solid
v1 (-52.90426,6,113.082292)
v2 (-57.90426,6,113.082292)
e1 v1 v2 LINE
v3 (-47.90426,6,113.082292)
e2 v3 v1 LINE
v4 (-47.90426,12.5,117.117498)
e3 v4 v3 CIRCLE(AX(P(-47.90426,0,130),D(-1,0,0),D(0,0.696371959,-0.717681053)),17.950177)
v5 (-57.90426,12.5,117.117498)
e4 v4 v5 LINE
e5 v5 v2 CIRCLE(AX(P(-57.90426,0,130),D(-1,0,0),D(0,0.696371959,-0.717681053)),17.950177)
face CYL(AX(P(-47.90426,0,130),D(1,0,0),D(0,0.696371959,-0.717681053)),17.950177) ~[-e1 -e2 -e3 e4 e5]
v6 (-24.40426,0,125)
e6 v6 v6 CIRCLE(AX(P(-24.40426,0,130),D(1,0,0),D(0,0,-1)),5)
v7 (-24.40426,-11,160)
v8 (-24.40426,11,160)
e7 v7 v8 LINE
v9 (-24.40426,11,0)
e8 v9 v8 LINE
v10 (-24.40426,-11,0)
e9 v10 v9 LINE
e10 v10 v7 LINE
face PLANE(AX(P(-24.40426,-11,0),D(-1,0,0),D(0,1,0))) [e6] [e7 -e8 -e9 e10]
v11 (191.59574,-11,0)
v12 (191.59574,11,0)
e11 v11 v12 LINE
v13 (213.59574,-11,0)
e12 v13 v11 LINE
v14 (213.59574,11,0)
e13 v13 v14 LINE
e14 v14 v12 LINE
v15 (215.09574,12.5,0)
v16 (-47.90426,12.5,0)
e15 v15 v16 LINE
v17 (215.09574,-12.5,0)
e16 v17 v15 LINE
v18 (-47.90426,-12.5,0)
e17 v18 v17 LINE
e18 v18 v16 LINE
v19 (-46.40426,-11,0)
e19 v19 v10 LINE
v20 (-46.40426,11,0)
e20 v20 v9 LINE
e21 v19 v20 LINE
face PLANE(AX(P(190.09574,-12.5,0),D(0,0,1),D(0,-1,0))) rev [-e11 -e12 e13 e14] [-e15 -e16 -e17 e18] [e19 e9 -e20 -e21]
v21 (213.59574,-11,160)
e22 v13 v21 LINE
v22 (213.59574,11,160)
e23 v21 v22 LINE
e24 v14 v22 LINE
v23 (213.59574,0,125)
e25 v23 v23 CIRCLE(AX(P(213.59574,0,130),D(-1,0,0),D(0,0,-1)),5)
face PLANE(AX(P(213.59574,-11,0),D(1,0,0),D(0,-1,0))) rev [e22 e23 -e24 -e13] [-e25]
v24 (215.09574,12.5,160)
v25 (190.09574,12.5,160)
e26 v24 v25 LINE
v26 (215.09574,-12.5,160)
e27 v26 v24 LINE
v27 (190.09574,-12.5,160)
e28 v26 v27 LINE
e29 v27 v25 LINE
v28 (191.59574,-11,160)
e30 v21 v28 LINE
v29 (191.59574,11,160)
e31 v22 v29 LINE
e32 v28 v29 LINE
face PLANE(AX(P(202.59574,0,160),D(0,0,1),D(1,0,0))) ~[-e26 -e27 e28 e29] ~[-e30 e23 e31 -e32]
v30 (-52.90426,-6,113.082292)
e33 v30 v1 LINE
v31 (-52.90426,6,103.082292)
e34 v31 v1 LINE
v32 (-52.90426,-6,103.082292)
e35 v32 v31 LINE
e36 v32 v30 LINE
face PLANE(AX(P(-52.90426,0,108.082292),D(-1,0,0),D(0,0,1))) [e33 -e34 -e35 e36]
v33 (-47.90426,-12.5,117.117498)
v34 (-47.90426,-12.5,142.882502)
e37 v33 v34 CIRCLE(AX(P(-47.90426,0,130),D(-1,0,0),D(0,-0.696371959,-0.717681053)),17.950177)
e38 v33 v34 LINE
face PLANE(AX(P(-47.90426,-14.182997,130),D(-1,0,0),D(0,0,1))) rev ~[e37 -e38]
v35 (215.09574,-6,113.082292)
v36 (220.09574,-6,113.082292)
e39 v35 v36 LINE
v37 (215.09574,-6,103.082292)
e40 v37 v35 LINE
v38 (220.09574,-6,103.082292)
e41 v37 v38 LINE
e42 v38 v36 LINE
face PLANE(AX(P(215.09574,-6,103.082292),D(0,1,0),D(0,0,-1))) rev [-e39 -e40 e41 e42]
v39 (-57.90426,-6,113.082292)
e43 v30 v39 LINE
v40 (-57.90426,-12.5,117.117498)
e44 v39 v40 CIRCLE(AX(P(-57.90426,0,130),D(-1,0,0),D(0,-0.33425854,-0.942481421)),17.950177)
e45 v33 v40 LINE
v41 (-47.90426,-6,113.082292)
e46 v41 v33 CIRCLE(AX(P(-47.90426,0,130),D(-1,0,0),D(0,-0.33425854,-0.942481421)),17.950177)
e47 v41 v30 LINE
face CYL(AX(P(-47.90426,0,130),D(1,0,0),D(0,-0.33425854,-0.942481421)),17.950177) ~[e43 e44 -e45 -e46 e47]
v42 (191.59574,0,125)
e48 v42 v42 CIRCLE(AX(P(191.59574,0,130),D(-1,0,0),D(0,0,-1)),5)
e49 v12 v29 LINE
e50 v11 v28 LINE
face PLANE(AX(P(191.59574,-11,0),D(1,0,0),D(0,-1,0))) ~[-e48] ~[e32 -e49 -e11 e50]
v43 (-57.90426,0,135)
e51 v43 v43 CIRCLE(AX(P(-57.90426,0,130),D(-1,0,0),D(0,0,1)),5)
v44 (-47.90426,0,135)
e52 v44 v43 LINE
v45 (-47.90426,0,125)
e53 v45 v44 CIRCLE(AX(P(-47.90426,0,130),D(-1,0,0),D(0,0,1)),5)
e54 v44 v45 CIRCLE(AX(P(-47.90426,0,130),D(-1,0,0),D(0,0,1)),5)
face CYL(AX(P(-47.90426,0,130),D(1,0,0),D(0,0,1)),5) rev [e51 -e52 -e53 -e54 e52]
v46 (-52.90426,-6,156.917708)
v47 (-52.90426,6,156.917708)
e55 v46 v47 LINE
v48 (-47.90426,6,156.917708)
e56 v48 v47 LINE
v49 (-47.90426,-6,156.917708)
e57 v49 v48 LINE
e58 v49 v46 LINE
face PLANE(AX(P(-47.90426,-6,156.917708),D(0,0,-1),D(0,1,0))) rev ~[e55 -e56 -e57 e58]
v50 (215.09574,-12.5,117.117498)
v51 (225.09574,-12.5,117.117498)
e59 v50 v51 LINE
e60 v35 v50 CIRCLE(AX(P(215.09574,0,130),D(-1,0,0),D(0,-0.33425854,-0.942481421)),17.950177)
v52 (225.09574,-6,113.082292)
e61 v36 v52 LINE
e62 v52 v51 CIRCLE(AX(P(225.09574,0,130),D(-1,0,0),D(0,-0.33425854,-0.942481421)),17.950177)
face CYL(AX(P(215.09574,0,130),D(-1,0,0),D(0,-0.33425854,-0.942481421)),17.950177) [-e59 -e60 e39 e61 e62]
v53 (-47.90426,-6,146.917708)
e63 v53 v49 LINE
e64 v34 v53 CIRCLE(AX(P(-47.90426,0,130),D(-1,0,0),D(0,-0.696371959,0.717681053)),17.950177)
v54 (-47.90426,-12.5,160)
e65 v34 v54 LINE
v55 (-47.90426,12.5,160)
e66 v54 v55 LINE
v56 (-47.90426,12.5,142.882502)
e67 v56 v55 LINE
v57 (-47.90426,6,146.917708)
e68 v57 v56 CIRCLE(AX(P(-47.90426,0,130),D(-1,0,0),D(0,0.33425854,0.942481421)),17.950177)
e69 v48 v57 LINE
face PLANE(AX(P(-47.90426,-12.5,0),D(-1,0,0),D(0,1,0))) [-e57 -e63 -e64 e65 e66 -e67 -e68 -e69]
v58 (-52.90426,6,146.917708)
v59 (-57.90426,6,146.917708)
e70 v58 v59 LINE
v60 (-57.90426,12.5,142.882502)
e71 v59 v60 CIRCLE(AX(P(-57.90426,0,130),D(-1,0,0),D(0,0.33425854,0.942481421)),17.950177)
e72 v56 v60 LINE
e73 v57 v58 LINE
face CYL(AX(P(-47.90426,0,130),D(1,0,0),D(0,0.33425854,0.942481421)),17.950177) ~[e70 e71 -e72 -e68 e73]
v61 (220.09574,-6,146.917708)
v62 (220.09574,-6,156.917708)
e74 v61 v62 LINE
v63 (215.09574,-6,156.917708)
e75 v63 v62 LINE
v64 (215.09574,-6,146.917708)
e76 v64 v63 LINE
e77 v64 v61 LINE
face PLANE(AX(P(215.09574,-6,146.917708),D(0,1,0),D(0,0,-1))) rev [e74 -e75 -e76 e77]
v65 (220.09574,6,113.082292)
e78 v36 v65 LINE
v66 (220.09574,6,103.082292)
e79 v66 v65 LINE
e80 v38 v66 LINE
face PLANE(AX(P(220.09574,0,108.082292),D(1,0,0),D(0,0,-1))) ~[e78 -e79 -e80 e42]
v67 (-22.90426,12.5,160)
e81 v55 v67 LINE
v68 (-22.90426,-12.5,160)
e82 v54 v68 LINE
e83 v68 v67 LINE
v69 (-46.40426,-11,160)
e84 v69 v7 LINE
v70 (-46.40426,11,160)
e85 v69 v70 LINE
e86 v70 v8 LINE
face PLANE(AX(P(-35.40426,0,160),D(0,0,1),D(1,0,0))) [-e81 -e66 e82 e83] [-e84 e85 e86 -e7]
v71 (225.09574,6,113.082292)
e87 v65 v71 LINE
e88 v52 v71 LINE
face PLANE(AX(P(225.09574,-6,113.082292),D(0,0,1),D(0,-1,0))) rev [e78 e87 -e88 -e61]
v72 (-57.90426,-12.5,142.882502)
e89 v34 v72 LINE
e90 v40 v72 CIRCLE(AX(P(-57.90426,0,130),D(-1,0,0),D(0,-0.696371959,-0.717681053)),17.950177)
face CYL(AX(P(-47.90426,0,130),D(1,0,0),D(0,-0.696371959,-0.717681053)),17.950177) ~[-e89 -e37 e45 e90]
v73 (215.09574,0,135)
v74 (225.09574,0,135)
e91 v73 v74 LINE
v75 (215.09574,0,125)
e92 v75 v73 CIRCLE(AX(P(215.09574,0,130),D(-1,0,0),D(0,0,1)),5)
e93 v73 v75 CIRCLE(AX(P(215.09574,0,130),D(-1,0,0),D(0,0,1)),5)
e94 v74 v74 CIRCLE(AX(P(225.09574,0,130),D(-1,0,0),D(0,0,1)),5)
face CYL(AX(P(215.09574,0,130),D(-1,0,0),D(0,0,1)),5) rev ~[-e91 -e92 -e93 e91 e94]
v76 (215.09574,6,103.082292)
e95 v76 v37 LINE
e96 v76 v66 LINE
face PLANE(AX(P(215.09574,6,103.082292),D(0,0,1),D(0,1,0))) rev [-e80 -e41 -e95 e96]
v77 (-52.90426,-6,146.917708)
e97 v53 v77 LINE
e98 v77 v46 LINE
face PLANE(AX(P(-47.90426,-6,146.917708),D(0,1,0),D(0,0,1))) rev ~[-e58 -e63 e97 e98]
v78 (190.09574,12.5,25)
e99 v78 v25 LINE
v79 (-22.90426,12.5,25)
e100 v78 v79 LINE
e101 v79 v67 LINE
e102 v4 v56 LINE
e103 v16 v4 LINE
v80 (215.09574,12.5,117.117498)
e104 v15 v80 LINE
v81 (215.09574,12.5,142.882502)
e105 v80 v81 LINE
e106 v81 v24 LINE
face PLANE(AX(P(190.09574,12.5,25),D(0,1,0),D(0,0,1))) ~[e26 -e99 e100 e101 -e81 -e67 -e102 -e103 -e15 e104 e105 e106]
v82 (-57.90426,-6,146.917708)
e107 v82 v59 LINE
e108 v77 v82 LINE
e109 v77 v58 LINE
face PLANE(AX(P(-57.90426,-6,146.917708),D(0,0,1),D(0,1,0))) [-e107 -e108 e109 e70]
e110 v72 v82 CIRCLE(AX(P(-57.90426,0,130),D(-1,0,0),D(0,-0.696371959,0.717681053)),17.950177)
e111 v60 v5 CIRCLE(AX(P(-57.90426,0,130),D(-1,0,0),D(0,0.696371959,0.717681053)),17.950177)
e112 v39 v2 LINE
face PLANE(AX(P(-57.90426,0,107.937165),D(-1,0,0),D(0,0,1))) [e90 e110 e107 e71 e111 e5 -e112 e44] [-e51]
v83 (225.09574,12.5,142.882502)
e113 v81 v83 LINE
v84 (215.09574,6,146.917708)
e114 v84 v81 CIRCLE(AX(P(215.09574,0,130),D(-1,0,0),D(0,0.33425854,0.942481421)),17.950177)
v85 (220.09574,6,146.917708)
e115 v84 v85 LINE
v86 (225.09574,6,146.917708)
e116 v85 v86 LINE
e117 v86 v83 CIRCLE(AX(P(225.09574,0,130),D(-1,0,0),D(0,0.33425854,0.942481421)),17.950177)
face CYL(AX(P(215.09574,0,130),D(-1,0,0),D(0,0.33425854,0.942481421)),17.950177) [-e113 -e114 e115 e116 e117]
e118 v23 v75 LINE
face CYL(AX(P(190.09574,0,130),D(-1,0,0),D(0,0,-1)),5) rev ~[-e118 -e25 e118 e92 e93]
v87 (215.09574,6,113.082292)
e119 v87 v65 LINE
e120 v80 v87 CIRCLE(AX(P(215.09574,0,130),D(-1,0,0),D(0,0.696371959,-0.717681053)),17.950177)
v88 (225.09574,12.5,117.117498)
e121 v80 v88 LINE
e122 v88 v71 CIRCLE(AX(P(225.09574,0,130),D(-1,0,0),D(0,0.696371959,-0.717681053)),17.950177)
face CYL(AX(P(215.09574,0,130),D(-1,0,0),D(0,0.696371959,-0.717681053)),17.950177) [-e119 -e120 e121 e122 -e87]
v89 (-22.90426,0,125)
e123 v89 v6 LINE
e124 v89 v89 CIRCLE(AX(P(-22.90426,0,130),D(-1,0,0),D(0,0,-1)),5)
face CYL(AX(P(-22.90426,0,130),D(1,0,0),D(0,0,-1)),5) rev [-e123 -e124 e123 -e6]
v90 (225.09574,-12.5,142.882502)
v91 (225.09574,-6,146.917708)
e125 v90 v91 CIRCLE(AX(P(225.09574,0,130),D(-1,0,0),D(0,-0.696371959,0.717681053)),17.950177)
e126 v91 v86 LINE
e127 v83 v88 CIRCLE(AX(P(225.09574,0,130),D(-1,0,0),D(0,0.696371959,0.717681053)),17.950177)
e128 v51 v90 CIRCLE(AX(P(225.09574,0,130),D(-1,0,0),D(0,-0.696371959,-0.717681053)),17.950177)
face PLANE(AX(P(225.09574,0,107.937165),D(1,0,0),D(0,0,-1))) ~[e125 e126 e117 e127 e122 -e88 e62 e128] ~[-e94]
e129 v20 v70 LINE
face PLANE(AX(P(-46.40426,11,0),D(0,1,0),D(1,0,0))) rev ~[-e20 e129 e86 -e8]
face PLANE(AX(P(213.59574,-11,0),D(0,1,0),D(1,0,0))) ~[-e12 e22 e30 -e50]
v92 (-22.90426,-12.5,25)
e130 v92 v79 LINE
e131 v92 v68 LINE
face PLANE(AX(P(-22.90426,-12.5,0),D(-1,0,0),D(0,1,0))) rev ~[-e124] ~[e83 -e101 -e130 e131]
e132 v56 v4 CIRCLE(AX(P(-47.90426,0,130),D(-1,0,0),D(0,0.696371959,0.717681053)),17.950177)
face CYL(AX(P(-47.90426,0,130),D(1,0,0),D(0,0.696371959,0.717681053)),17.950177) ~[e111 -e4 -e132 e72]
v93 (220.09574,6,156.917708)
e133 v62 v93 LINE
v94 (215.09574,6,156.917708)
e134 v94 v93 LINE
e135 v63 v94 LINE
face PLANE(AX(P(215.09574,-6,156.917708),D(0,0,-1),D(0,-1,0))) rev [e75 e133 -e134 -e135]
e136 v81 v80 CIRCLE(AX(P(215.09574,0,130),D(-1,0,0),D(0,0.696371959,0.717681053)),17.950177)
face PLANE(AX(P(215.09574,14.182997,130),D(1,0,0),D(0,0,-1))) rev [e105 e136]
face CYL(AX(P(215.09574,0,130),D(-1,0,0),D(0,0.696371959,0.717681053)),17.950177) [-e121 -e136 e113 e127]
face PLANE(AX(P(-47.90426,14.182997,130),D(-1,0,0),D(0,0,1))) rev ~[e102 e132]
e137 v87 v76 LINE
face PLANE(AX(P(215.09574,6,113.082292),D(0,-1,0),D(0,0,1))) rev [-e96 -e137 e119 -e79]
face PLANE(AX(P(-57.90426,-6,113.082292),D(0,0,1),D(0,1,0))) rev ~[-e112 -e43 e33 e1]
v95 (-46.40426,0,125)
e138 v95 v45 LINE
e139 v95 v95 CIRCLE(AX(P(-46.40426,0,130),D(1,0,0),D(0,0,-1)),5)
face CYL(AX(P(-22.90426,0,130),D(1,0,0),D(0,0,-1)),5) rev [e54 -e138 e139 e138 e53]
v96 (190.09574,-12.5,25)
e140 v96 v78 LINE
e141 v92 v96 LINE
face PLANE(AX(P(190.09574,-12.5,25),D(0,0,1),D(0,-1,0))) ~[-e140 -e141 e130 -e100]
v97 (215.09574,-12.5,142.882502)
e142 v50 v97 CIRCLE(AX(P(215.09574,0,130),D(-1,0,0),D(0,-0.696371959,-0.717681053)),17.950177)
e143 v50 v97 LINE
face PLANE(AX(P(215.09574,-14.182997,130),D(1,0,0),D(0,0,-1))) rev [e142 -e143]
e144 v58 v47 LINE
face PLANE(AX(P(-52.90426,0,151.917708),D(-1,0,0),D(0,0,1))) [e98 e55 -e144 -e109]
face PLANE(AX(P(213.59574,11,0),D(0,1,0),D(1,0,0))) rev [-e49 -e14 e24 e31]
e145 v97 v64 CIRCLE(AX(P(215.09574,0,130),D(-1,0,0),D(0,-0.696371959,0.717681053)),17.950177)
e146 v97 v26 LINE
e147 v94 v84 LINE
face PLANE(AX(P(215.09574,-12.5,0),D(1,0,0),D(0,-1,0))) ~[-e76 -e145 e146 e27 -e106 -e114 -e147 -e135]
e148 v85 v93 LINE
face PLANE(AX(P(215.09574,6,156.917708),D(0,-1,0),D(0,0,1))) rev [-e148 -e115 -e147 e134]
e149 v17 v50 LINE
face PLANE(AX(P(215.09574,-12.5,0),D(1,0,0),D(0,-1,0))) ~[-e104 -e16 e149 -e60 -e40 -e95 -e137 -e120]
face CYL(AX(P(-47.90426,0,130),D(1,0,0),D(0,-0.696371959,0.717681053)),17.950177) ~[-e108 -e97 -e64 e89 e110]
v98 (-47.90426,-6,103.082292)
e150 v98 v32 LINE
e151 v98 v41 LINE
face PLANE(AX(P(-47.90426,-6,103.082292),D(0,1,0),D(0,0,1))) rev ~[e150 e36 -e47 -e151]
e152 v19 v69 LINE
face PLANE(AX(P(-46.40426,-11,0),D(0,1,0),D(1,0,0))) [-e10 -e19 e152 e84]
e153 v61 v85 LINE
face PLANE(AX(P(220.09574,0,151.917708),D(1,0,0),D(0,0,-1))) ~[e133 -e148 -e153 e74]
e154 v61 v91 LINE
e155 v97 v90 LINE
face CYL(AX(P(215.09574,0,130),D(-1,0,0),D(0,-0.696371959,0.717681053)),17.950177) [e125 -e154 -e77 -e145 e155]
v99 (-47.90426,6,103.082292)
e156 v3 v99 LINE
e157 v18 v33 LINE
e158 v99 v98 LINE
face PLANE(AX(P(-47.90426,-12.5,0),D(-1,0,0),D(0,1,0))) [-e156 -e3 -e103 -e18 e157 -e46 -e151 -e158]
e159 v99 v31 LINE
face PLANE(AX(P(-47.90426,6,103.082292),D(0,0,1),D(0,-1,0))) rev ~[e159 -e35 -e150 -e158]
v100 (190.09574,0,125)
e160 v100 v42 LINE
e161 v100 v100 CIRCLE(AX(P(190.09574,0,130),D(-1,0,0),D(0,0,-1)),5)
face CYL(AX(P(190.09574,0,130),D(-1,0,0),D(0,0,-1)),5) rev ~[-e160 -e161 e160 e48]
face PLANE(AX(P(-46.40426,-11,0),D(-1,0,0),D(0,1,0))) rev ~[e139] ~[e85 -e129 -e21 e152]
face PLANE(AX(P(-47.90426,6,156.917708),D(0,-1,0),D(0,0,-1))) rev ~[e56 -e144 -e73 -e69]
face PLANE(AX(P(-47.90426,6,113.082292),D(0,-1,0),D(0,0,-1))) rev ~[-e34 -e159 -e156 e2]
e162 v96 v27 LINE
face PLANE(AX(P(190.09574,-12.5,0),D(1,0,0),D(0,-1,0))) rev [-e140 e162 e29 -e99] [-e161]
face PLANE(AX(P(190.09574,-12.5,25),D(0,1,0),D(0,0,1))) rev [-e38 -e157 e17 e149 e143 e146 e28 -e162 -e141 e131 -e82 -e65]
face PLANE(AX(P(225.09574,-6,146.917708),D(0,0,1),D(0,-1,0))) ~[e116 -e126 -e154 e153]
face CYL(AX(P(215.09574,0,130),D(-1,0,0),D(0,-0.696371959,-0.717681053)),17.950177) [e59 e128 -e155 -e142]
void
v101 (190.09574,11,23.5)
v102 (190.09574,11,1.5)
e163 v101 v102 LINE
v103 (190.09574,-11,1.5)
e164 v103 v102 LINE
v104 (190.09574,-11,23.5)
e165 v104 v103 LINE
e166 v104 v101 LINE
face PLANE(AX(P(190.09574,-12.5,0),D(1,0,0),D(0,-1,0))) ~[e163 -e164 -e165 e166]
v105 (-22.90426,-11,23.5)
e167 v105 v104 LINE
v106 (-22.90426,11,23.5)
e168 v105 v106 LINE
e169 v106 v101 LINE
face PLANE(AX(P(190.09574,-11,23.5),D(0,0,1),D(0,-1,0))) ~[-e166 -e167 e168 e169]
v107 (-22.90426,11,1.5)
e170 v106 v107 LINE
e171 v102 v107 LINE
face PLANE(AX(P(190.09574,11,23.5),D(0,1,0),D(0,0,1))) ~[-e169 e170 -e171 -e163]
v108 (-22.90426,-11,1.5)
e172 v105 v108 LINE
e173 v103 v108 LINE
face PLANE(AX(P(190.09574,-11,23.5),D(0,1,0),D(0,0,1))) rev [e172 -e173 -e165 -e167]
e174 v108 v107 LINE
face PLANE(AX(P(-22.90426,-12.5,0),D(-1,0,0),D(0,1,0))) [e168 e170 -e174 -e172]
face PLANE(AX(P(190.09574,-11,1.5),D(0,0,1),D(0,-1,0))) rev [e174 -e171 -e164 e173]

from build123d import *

# Parameters (mm, degrees)
SKETCH3_W           = 25
SKETCH3_H           = 25
SKETCH3_W_2         = 22
SKETCH3_H_2         = 22
BOSS_EXTRUDE1_DEPTH = 160
SKETCH4_W           = 25
SKETCH4_H           = 25
SKETCH4_W_2         = 22
SKETCH4_H_2         = 22
BOSS_EXTRUDE2_DEPTH = 106.5
SKETCH5_R           = 5
BOSS_EXTRUDE3_DEPTH = 10
SKETCH6_W           = 10
SKETCH6_H           = 12
CUT_EXTRUDE1_DEPTH  = 5
CUT_EXTRUDE2_START  = -25
SKETCH7_R           = 5
CUT_EXTRUDE2_DEPTH  = 25


with BuildPart() as part:
    # Sketch3 → Boss-Extrude1 (new body)
    with BuildSketch(Plane.XY):
        with Locations((-35.404260395, 0)):
            Rectangle(SKETCH3_W, SKETCH3_H)
        with Locations((-35.404260395, 0)):
            Rectangle(SKETCH3_W_2, SKETCH3_H_2, mode=Mode.SUBTRACT)
    boss_extrude1 = extrude(amount=BOSS_EXTRUDE1_DEPTH)

    # Sketch4 → Boss-Extrude2 (add)
    with BuildSketch(Plane(origin=(-22.904260395, 0, 0), x_dir=(0, 0, -1), z_dir=(1, 0, 0))):
        with Locations((-12.5, 0)):
            Rectangle(SKETCH4_W, SKETCH4_H)
        with Locations((-12.5, 0)):
            Rectangle(SKETCH4_W_2, SKETCH4_H_2, mode=Mode.SUBTRACT)
    boss_extrude2 = extrude(amount=BOSS_EXTRUDE2_DEPTH)

    # Sketch5 → Boss-Extrude3 (add)
    # profile 1 of 5: a face of its own
    with BuildSketch(Plane.ZY.offset(47.904260395)):
        with BuildLine():
            ThreePointArc((113.082291583, -6), (112.049822896, 0), (113.082291583, 6))
            Line((113.082291583, 6), (103.082291583, 6))
            Line((103.082291583, 6), (103.082291583, -6))
            Line((103.082291583, -6), (113.082291583, -6))
        make_face()
    # profile 2 of 5: a face of its own
    with BuildSketch(Plane.ZY.offset(47.904260395)):
        with BuildLine():
            ThreePointArc((147.950177104, 0), (147.69017694, 3.044092295), (146.917708417, 6))
            ThreePointArc((146.917708417, 6), (145.250430663, 9.467482384), (142.882502012, 12.5))
            Line((142.882502012, 12.5), (117.117497988, 12.5))
            ThreePointArc((117.117497988, 12.5), (114.749569337, 9.467482384), (113.082291583, 6))
            ThreePointArc((113.082291583, 6), (112.049822896, 0), (113.082291583, -6))
            ThreePointArc((113.082291583, -6), (114.749569337, -9.467482384), (117.117497988, -12.5))
            Line((117.117497988, -12.5), (142.882502012, -12.5))
            ThreePointArc((142.882502012, -12.5), (145.250430663, -9.467482384), (146.917708417, -6))
            ThreePointArc((146.917708417, -6), (147.69017694, -3.044092295), (147.950177104, 0))
        make_face()
        with Locations((130, 0)):
            Circle(SKETCH5_R, mode=Mode.SUBTRACT)
    # profile 3 of 5: a face of its own
    with BuildSketch(Plane.ZY.offset(47.904260395)):
        with BuildLine():
            Line((156.917708417, 6), (146.917708417, 6))
            ThreePointArc((146.917708417, 6), (147.69017694, 3.044092295), (147.950177104, 0))
            ThreePointArc((147.950177104, 0), (147.69017694, -3.044092295), (146.917708417, -6))
            Line((146.917708417, -6), (156.917708417, -6))
            Line((156.917708417, -6), (156.917708417, 6))
        make_face()
    # profile 4 of 5: a face of its own
    with BuildSketch(Plane.ZY.offset(47.904260395)):
        with BuildLine():
            Line((117.117497988, 12.5), (142.882502012, 12.5))
            ThreePointArc((142.882502012, 12.5), (130, 17.950177104), (117.117497988, 12.5))
        make_face()
    # profile 5 of 5: a face of its own
    with BuildSketch(Plane.ZY.offset(47.904260395)):
        with BuildLine():
            ThreePointArc((117.117497988, -12.5), (130, -17.950177104), (142.882502012, -12.5))
            Line((142.882502012, -12.5), (117.117497988, -12.5))
        make_face()
    boss_extrude3 = extrude(amount=BOSS_EXTRUDE3_DEPTH)

    # Sketch6 → Cut-Extrude1 (cut)
    with BuildSketch(Plane.ZY.offset(57.904260395)):
        with Locations((108.082291583, 0)):
            Rectangle(SKETCH6_W, SKETCH6_H)
        with Locations((151.917708417, 0)):
            Rectangle(SKETCH6_W, SKETCH6_H)
    cut_extrude1 = extrude(amount=-CUT_EXTRUDE1_DEPTH, mode=Mode.SUBTRACT)

    # Sketch7 → Cut-Extrude2 (cut)
    with BuildSketch(Plane.ZY.offset(47.904260395).offset(CUT_EXTRUDE2_START)):
        with Locations(Location((130, 0, 0), (0, 0, 180))):
            Circle(SKETCH7_R)
    cut_extrude2 = extrude(amount=CUT_EXTRUDE2_DEPTH, mode=Mode.SUBTRACT)

    # Mirror1: Boss-Extrude1, Boss-Extrude2, Boss-Extrude3, Cut-Extrude1, Cut-Extrude2 across plane
    add(boss_extrude1.mirror(Plane(origin=(83.595739605, 0, 0), x_dir=(0, 0, 1), z_dir=(1, 0, 0))))
    add(boss_extrude2.mirror(Plane(origin=(83.595739605, 0, 0), x_dir=(0, 0, 1), z_dir=(1, 0, 0))))
    add(boss_extrude3.mirror(Plane(origin=(83.595739605, 0, 0), x_dir=(0, 0, 1), z_dir=(1, 0, 0))))
    add(cut_extrude1.mirror(Plane(origin=(83.595739605, 0, 0), x_dir=(0, 0, 1), z_dir=(1, 0, 0))), mode=Mode.SUBTRACT)
    add(cut_extrude2.mirror(Plane(origin=(83.595739605, 0, 0), x_dir=(0, 0, 1), z_dir=(1, 0, 0))), mode=Mode.SUBTRACT)


solid = part.part
